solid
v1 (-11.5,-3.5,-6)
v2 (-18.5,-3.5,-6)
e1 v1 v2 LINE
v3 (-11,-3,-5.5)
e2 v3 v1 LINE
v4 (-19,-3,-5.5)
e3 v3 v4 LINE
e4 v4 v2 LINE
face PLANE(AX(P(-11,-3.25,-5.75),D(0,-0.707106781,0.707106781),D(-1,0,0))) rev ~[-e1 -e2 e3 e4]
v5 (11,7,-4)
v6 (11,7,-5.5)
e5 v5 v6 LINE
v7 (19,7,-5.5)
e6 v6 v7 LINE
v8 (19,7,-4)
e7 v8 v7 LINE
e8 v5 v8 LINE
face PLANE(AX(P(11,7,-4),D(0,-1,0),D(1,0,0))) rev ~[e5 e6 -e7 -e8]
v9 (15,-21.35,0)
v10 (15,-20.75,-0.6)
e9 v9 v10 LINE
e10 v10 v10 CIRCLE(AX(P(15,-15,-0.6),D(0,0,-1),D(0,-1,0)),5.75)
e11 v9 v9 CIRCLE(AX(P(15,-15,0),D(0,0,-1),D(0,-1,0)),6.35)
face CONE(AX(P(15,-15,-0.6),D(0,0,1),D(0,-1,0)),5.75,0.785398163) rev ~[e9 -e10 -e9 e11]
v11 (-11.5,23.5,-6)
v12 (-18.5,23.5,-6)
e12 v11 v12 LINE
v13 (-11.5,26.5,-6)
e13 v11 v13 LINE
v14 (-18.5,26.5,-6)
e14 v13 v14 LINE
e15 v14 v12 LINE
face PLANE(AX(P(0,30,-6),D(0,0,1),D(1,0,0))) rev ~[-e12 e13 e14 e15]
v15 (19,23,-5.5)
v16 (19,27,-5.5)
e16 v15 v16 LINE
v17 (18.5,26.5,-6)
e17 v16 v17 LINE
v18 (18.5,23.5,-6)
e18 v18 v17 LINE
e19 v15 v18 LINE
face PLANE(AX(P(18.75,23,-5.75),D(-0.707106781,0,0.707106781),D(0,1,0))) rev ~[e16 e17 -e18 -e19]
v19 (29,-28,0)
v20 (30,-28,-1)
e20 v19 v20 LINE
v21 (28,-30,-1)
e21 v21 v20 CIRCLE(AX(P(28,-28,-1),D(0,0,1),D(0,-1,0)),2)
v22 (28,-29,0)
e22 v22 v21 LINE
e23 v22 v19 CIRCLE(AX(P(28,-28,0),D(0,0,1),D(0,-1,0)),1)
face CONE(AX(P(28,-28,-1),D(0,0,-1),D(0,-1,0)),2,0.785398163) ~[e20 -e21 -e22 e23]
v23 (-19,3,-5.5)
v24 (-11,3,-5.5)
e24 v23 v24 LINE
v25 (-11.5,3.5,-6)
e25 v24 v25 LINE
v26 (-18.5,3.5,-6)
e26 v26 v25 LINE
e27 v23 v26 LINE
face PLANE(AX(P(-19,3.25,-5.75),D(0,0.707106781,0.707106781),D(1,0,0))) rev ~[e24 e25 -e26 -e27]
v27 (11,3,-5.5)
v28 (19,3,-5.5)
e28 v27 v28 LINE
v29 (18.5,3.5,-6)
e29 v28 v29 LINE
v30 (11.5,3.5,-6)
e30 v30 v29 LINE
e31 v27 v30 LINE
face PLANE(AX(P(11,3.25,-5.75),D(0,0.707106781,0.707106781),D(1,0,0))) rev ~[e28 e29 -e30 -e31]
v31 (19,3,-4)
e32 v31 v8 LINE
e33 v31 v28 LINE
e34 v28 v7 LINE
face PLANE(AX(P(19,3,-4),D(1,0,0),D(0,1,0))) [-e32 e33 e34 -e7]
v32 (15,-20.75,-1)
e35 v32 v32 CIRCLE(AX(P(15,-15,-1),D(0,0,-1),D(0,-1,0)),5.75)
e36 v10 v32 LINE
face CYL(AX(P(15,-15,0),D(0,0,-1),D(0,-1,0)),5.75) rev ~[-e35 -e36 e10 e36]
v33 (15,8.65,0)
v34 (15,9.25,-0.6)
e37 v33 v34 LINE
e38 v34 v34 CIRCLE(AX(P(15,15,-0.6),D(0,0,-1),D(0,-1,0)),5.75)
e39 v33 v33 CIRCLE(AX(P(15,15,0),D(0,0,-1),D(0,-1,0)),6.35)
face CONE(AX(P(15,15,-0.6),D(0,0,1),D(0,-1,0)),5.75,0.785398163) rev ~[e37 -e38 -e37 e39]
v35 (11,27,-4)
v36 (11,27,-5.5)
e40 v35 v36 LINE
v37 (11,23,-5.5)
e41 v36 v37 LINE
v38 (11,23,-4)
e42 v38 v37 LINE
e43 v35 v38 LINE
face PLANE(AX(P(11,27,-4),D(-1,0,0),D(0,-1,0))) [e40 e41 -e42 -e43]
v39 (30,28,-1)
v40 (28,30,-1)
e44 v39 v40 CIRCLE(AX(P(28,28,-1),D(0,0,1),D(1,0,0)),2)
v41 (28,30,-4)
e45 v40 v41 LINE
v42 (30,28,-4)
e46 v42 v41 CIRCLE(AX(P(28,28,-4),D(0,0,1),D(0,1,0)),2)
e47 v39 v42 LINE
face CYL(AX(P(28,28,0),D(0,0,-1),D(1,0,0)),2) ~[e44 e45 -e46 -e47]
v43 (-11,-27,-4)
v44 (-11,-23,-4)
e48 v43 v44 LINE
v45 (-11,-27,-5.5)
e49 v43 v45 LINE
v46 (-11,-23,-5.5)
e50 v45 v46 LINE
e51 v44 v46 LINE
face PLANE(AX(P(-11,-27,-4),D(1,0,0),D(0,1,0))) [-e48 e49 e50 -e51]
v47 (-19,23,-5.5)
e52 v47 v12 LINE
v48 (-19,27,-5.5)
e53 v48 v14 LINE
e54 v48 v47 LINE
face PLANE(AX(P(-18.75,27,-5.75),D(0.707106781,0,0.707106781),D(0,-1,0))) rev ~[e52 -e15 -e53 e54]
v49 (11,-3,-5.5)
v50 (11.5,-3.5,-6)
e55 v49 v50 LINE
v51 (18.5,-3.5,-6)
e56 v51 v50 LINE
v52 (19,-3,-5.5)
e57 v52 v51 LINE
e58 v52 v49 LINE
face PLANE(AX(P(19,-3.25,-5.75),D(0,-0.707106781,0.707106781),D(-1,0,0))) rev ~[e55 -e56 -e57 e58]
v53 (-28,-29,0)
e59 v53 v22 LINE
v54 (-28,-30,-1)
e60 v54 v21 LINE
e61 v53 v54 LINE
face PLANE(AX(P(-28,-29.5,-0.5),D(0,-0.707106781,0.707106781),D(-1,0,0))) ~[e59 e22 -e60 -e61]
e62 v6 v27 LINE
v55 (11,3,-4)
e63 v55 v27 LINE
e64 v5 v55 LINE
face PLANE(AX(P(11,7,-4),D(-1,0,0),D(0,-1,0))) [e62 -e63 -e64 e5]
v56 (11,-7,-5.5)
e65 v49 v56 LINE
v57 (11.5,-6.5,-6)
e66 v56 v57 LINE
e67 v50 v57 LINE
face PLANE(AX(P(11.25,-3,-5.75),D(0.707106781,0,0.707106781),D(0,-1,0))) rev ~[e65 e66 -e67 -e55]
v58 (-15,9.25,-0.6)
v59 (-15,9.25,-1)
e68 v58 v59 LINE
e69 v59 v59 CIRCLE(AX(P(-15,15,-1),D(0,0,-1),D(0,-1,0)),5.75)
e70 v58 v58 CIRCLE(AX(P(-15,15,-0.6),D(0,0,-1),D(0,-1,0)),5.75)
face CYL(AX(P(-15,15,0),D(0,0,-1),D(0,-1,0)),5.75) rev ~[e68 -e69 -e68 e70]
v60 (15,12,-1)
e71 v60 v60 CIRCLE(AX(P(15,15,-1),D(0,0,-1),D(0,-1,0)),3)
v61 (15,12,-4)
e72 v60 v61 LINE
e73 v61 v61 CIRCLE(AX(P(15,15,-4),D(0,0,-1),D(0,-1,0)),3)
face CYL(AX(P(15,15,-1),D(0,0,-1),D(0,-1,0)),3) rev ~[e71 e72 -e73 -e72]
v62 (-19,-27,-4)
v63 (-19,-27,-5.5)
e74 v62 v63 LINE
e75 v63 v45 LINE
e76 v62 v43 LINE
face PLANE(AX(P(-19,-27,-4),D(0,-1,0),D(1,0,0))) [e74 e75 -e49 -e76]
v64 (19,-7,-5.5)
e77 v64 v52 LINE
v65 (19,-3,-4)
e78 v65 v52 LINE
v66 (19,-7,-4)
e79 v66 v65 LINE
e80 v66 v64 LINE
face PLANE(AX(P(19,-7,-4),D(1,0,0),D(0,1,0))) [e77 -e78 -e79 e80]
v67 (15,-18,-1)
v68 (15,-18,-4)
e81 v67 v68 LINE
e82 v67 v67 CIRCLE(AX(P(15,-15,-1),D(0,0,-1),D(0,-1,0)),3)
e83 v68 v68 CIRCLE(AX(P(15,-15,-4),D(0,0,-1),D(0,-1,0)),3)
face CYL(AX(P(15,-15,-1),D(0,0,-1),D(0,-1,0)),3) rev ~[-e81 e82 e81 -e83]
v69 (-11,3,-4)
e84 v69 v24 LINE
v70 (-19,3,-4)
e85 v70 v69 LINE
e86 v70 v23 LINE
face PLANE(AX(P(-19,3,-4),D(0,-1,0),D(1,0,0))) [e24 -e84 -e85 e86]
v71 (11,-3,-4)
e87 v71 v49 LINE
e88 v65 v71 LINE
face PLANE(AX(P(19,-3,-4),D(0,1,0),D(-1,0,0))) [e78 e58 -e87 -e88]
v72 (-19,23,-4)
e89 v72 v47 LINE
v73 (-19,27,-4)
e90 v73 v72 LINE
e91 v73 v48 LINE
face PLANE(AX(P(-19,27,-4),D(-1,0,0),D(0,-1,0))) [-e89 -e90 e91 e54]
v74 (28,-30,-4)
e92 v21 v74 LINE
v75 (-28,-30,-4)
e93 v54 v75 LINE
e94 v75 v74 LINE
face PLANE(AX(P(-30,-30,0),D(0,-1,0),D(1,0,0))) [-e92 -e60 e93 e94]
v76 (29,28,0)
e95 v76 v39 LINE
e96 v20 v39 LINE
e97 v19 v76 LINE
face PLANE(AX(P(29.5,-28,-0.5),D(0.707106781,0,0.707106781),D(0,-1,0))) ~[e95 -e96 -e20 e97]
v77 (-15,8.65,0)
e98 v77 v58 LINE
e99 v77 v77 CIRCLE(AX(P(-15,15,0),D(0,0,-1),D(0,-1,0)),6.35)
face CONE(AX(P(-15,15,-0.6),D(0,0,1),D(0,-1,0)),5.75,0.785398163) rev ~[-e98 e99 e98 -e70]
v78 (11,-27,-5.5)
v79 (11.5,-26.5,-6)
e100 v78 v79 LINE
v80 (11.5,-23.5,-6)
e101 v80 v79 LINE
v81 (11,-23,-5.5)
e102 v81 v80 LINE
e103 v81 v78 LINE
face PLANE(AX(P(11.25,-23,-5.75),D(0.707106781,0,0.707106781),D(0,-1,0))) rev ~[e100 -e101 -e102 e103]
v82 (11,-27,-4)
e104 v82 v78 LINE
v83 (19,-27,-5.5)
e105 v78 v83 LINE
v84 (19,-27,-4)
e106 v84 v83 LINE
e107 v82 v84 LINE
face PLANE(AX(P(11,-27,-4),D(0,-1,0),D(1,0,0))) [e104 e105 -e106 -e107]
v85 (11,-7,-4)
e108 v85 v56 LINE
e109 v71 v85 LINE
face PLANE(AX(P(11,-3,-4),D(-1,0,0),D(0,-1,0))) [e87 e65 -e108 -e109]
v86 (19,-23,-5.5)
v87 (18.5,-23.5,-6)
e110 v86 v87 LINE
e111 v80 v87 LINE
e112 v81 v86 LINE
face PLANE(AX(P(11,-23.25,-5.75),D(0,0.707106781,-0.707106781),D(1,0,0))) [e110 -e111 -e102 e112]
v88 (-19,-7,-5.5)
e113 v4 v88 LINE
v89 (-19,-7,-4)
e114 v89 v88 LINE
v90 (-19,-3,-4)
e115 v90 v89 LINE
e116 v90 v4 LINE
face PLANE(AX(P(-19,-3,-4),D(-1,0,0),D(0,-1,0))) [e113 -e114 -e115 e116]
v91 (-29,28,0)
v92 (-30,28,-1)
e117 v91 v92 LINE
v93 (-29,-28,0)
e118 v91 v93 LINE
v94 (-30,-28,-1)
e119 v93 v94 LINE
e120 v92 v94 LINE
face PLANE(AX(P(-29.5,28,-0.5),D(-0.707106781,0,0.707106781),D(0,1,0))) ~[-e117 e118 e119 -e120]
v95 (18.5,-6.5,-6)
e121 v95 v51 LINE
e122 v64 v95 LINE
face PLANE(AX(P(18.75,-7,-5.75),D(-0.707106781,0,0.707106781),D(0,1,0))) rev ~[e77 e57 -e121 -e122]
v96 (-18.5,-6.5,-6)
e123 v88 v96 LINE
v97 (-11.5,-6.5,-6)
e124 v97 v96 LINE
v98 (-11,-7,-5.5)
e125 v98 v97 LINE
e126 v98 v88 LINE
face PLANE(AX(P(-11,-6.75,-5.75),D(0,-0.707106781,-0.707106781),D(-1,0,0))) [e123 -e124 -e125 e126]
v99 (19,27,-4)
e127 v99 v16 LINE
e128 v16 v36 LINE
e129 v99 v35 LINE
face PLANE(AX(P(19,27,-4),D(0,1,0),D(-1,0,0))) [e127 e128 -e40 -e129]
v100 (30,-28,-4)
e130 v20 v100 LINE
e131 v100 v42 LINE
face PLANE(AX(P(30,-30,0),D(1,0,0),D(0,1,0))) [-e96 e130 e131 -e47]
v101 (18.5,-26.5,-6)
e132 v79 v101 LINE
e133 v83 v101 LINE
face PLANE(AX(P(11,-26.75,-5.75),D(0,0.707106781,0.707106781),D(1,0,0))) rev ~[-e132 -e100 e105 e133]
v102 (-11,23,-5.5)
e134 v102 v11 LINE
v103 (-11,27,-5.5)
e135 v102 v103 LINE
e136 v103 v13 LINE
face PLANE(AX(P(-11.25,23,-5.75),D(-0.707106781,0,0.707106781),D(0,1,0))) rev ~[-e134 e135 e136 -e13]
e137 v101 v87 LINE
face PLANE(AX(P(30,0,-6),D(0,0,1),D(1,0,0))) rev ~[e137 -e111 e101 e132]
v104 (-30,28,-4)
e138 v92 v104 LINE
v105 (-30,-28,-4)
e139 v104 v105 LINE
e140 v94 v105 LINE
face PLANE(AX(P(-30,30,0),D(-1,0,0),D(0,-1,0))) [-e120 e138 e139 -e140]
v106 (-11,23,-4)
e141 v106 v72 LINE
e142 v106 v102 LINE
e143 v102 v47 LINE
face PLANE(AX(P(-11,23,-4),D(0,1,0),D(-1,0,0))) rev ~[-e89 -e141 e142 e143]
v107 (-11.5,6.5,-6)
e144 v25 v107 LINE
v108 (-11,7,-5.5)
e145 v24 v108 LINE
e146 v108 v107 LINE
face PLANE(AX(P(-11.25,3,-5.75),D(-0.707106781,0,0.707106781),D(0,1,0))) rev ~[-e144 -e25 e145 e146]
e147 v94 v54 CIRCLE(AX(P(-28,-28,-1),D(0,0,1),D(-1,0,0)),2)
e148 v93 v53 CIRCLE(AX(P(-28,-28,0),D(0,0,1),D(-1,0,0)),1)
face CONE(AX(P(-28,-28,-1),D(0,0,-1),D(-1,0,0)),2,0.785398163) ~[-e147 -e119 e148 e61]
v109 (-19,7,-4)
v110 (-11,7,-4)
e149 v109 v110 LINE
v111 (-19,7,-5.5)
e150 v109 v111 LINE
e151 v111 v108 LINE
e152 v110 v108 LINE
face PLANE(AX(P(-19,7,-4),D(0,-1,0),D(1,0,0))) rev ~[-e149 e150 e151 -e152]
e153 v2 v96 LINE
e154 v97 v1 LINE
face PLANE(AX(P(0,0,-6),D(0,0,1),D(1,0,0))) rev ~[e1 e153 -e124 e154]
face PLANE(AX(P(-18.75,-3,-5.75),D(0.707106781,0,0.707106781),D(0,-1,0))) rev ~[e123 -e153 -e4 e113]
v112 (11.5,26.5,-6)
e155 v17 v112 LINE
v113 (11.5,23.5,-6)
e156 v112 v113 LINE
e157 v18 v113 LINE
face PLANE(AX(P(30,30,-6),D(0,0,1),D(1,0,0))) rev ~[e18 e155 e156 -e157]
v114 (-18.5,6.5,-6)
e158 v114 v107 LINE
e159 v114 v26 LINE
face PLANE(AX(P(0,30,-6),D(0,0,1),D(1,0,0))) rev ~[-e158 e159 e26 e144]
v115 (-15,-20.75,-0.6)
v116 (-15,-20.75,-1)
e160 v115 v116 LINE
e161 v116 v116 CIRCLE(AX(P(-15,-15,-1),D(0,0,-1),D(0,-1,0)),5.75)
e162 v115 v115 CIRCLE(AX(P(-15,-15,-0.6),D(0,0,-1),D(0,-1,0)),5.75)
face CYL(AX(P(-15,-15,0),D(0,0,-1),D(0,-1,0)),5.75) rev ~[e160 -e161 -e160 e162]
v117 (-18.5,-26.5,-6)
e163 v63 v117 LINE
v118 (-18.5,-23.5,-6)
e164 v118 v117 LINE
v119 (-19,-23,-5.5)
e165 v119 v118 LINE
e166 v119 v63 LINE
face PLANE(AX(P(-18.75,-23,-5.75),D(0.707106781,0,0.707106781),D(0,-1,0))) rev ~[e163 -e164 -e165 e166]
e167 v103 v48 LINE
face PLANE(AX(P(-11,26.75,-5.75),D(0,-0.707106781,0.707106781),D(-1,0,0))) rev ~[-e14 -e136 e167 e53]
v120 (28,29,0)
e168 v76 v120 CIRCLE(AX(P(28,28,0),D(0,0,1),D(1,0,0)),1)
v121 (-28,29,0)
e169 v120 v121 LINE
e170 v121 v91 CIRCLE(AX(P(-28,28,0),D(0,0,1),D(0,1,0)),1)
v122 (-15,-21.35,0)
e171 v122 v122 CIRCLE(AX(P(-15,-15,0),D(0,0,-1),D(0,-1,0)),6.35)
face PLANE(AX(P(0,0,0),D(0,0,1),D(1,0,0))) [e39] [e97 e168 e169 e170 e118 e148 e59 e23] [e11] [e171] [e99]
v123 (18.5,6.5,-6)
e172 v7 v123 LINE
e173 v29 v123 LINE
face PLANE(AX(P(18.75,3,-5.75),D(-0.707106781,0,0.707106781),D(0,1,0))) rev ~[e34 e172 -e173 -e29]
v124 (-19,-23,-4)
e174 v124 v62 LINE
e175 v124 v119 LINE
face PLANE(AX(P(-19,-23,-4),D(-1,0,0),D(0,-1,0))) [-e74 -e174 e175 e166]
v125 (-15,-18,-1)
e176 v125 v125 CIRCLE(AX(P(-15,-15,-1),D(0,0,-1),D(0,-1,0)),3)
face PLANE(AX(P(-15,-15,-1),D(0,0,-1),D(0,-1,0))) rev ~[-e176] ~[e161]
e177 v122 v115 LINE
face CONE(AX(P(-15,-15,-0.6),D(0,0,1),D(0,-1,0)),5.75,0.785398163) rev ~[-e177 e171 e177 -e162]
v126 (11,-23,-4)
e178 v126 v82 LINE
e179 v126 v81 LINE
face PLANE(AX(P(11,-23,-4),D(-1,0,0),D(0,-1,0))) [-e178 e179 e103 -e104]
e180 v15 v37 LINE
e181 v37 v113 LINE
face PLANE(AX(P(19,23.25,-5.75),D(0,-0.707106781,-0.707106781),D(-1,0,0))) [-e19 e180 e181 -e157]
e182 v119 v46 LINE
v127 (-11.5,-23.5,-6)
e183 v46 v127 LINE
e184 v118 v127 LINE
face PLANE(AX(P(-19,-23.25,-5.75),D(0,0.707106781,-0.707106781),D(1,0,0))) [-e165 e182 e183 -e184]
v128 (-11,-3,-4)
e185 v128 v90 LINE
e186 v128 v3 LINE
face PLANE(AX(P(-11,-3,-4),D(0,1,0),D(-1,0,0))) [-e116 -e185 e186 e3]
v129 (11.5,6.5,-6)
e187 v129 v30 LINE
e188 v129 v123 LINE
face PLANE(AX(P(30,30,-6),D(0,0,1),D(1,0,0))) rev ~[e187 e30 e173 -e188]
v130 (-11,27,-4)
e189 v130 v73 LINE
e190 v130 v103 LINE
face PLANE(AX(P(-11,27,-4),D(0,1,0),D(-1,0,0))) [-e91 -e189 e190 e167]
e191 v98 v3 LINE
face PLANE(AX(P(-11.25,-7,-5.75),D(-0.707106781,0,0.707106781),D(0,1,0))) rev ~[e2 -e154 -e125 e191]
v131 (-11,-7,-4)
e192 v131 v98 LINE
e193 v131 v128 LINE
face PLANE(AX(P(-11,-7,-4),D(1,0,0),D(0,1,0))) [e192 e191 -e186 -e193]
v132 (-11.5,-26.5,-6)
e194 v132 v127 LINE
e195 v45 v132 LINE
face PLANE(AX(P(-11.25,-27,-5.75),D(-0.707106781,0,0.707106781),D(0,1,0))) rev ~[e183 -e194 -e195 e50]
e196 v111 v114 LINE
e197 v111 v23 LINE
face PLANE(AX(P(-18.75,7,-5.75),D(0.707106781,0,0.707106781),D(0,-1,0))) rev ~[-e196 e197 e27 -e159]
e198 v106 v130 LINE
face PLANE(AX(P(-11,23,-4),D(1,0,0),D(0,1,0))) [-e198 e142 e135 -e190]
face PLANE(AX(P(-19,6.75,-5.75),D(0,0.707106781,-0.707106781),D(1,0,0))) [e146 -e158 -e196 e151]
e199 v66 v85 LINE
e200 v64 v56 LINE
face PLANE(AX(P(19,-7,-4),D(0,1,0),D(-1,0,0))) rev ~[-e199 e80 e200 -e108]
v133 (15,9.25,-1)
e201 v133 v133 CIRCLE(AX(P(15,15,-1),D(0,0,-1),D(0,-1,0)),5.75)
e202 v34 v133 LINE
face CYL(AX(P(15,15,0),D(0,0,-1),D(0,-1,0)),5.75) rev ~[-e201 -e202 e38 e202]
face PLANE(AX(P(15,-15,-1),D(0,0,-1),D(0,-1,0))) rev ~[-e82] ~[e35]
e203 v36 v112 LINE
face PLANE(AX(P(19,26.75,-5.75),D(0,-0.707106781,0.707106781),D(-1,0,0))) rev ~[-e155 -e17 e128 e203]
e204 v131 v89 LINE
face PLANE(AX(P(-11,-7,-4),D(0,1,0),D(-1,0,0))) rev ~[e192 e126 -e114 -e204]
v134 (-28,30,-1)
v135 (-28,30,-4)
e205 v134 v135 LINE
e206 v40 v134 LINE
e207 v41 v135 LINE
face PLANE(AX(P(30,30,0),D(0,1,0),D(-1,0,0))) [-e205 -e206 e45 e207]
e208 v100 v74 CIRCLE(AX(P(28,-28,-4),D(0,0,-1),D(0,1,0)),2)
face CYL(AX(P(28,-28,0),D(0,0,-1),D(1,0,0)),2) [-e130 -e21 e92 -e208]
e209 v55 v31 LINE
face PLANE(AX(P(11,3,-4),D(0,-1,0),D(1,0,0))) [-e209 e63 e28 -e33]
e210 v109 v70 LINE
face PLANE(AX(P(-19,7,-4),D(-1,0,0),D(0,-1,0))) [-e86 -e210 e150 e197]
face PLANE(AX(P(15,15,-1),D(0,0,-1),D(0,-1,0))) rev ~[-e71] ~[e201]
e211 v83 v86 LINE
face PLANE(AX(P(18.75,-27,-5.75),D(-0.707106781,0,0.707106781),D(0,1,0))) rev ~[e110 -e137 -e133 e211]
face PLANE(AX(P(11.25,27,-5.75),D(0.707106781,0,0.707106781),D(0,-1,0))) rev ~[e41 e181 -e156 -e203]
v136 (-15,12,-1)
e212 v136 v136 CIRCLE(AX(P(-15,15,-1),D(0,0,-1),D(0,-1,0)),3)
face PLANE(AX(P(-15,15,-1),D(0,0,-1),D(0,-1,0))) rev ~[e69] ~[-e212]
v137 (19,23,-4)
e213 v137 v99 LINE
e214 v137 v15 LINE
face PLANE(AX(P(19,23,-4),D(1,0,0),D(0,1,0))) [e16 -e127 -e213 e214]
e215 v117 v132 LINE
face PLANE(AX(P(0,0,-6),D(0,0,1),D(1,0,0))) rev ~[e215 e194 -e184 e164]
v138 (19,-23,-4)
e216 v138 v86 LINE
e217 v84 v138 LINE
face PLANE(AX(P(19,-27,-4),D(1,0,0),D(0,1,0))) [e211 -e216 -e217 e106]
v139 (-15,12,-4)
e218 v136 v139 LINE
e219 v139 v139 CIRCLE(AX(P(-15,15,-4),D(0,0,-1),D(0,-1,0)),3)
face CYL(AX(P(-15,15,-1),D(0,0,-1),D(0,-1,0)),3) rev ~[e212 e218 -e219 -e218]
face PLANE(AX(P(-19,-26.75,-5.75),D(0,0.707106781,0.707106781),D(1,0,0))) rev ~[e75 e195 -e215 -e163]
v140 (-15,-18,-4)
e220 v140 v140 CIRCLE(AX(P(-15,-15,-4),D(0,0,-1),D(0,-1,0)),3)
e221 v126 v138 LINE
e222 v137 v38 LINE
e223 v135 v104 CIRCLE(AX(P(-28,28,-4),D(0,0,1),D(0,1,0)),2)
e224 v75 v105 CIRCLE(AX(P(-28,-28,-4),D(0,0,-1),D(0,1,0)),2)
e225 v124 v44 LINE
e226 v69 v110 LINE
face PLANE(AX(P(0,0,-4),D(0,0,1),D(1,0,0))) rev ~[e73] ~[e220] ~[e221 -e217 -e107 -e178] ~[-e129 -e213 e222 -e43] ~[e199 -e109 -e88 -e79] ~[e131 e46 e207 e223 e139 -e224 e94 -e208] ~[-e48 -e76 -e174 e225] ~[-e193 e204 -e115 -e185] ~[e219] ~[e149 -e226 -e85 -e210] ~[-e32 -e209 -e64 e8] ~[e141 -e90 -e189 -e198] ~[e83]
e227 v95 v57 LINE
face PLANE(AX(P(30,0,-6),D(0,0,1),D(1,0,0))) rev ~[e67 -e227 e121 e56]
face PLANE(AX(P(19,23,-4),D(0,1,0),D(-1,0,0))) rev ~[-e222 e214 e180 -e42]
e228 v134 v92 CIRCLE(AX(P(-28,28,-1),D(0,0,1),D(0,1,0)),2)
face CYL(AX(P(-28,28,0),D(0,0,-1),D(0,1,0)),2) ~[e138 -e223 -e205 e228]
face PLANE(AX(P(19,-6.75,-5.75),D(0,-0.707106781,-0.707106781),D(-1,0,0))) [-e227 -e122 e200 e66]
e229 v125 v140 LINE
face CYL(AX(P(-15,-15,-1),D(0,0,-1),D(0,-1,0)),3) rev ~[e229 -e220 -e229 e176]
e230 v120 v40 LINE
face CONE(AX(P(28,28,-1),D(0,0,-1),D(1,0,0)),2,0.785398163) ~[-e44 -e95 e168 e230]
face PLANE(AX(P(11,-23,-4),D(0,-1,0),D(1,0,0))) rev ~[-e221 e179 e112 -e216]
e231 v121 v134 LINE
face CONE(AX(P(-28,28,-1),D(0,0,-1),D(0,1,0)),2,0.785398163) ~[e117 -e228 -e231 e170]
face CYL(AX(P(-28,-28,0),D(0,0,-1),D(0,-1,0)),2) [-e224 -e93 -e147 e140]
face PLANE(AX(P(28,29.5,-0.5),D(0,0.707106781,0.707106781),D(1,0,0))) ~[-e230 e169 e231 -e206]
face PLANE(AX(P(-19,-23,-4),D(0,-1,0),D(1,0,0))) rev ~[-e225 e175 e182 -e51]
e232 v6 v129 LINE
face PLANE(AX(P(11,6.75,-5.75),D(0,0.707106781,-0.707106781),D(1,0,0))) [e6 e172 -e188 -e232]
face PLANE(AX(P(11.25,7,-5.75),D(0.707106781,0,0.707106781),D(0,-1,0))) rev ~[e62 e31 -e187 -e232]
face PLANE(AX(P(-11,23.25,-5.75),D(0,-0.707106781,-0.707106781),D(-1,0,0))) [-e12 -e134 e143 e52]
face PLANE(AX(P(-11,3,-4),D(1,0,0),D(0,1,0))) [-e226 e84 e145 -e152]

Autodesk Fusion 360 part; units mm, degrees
sketch "Sketch1" plane through (0, 0, 0) normal (0, 0, 1) x (1, 0, 0)
  line L0 (30, 30) -> (-30, 30)
  line L1 (-30, 30) -> (-30, -30)
  line L2 (-30, -30) -> (30, -30)
  line L3 (30, -30) -> (30, 30)
  line L4 (30, 30) -> (-30, -30) construction
  line L5 (-30, 30) -> (30, -30) construction
  line L6 (-30, -30) -> (-15, -30) construction
  line L7 (-15, -30) -> (-15, -15) construction
  line L8 (-15, -15) -> (-30, -15) construction
  line L9 (-30, -15) -> (-30, -30) construction
  line L10 (-11, -3) -> (-19, -3)
  line L11 (-19, -3) -> (-19, -27)
  line L12 (-19, -27) -> (-11, -27)
  line L13 (-11, -27) -> (-11, -3)
  line L14 (-11, -3) -> (-19, -27) construction
  line L15 (-19, -3) -> (-11, -27) construction
  line L16 (-11, -7) -> (-19, -7)
  line L17 (-19, -7) -> (-19, -23)
  line L18 (-19, -23) -> (-11, -23)
  line L19 (-11, -23) -> (-11, -7)
  line L20 (-11, -7) -> (-19, -23) construction
  line L21 (-19, -7) -> (-11, -23) construction
  point P0 (-15, -15)
  point P1 (-15, -15)
  point P2 (-15, -15)
  dimension "d1" = 60
  dimension "d2" = 60
  dimension "d25" = 15
  dimension "d26" = 15
  dimension "d38" = 8
  dimension "d39" = 24
  dimension "d40" = 8
  dimension "d41" = 16
extrude "Extrude1" add sketch "Sketch1" against normal blind 4 contours L0 L1 L2 L3 | L10 L11 L13 L16 | L11 L13 L16 L17 L18 L19 | L11 L12 L13 L18 in component "body"
hole "Hole2" at (-15, -15, 0) direction (0, 0, -1) diameter 6 depth 4 tip angle 118 counterbore diameter 11.5 counterbore depth 1 in component "body"
extrude "Extrude2" add sketch "Sketch1" against normal blind 2 from surface at -4 contours L10 L11 L13 L16 | L11 L12 L13 L18 in component "body"
chamfer "Chamfer4" distance 0.5 angle 45 2 faces at (-16.3333, -25.6667, -6) (-16.3333, -4.3333, -6) in component "body"
chamfer "Chamfer4" distance 0.6 angle 45 1 edges at (-20.3609, -12.9207, 0) in component "body"
pattern_linear "R-Pattern2" count 2 spacing 30 along (0, 1, 0) count 2 spacing 30 along (1, 0, 0) of "Hole2", "Extrude2", "Chamfer4" in component "body"
fillet "Fillet1" radius 2 4 edges at (-30, -30, -2) (30, -30, -2) (30, 30, -2) (-30, 30, -2) in component "body"
chamfer "Chamfer1" distance 1 distance2 1 8 edges at (0, -30, 0) (29.4142, -29.4142, 0) (30, 0, 0) (29.4142, 29.4142, 0) (0, 30, 0) (-29.4142, 29.4142, 0) (-30, 0, 0) (-29.4142, -29.4142, 0) measured on face at (-3.5603, 3.4484, 0) measured on face at (28.0952, -29.9977, -1.3333) measured on face at (-3.5603, 3.4484, 0) measured on face at (28.0952, 29.9977, -1.3333) measured on face at (-3.5603, 3.4484, 0) measured on face at (-29.9977, 28.0952, -1.3333) measured on face at (-3.5603, 3.4484, 0) measured on face at (-29.9977, -28.0952, -1.3333) in component "body"
component "body" placed x (1, 0, 0) y (0, 1, 0) z (0, 0, 1) at (0, 0, 0)
equation "d2 = unitY * size"
equation "size = 30 mm"
equation "unitX = 2"
equation "unitY = 2"
equation "d21 = unitY"
equation "d22 = unitX"
equation "d23 = size"
equation "d24 = -size"
equation "d25 = size / 2"
equation "d26 = size / 2"
